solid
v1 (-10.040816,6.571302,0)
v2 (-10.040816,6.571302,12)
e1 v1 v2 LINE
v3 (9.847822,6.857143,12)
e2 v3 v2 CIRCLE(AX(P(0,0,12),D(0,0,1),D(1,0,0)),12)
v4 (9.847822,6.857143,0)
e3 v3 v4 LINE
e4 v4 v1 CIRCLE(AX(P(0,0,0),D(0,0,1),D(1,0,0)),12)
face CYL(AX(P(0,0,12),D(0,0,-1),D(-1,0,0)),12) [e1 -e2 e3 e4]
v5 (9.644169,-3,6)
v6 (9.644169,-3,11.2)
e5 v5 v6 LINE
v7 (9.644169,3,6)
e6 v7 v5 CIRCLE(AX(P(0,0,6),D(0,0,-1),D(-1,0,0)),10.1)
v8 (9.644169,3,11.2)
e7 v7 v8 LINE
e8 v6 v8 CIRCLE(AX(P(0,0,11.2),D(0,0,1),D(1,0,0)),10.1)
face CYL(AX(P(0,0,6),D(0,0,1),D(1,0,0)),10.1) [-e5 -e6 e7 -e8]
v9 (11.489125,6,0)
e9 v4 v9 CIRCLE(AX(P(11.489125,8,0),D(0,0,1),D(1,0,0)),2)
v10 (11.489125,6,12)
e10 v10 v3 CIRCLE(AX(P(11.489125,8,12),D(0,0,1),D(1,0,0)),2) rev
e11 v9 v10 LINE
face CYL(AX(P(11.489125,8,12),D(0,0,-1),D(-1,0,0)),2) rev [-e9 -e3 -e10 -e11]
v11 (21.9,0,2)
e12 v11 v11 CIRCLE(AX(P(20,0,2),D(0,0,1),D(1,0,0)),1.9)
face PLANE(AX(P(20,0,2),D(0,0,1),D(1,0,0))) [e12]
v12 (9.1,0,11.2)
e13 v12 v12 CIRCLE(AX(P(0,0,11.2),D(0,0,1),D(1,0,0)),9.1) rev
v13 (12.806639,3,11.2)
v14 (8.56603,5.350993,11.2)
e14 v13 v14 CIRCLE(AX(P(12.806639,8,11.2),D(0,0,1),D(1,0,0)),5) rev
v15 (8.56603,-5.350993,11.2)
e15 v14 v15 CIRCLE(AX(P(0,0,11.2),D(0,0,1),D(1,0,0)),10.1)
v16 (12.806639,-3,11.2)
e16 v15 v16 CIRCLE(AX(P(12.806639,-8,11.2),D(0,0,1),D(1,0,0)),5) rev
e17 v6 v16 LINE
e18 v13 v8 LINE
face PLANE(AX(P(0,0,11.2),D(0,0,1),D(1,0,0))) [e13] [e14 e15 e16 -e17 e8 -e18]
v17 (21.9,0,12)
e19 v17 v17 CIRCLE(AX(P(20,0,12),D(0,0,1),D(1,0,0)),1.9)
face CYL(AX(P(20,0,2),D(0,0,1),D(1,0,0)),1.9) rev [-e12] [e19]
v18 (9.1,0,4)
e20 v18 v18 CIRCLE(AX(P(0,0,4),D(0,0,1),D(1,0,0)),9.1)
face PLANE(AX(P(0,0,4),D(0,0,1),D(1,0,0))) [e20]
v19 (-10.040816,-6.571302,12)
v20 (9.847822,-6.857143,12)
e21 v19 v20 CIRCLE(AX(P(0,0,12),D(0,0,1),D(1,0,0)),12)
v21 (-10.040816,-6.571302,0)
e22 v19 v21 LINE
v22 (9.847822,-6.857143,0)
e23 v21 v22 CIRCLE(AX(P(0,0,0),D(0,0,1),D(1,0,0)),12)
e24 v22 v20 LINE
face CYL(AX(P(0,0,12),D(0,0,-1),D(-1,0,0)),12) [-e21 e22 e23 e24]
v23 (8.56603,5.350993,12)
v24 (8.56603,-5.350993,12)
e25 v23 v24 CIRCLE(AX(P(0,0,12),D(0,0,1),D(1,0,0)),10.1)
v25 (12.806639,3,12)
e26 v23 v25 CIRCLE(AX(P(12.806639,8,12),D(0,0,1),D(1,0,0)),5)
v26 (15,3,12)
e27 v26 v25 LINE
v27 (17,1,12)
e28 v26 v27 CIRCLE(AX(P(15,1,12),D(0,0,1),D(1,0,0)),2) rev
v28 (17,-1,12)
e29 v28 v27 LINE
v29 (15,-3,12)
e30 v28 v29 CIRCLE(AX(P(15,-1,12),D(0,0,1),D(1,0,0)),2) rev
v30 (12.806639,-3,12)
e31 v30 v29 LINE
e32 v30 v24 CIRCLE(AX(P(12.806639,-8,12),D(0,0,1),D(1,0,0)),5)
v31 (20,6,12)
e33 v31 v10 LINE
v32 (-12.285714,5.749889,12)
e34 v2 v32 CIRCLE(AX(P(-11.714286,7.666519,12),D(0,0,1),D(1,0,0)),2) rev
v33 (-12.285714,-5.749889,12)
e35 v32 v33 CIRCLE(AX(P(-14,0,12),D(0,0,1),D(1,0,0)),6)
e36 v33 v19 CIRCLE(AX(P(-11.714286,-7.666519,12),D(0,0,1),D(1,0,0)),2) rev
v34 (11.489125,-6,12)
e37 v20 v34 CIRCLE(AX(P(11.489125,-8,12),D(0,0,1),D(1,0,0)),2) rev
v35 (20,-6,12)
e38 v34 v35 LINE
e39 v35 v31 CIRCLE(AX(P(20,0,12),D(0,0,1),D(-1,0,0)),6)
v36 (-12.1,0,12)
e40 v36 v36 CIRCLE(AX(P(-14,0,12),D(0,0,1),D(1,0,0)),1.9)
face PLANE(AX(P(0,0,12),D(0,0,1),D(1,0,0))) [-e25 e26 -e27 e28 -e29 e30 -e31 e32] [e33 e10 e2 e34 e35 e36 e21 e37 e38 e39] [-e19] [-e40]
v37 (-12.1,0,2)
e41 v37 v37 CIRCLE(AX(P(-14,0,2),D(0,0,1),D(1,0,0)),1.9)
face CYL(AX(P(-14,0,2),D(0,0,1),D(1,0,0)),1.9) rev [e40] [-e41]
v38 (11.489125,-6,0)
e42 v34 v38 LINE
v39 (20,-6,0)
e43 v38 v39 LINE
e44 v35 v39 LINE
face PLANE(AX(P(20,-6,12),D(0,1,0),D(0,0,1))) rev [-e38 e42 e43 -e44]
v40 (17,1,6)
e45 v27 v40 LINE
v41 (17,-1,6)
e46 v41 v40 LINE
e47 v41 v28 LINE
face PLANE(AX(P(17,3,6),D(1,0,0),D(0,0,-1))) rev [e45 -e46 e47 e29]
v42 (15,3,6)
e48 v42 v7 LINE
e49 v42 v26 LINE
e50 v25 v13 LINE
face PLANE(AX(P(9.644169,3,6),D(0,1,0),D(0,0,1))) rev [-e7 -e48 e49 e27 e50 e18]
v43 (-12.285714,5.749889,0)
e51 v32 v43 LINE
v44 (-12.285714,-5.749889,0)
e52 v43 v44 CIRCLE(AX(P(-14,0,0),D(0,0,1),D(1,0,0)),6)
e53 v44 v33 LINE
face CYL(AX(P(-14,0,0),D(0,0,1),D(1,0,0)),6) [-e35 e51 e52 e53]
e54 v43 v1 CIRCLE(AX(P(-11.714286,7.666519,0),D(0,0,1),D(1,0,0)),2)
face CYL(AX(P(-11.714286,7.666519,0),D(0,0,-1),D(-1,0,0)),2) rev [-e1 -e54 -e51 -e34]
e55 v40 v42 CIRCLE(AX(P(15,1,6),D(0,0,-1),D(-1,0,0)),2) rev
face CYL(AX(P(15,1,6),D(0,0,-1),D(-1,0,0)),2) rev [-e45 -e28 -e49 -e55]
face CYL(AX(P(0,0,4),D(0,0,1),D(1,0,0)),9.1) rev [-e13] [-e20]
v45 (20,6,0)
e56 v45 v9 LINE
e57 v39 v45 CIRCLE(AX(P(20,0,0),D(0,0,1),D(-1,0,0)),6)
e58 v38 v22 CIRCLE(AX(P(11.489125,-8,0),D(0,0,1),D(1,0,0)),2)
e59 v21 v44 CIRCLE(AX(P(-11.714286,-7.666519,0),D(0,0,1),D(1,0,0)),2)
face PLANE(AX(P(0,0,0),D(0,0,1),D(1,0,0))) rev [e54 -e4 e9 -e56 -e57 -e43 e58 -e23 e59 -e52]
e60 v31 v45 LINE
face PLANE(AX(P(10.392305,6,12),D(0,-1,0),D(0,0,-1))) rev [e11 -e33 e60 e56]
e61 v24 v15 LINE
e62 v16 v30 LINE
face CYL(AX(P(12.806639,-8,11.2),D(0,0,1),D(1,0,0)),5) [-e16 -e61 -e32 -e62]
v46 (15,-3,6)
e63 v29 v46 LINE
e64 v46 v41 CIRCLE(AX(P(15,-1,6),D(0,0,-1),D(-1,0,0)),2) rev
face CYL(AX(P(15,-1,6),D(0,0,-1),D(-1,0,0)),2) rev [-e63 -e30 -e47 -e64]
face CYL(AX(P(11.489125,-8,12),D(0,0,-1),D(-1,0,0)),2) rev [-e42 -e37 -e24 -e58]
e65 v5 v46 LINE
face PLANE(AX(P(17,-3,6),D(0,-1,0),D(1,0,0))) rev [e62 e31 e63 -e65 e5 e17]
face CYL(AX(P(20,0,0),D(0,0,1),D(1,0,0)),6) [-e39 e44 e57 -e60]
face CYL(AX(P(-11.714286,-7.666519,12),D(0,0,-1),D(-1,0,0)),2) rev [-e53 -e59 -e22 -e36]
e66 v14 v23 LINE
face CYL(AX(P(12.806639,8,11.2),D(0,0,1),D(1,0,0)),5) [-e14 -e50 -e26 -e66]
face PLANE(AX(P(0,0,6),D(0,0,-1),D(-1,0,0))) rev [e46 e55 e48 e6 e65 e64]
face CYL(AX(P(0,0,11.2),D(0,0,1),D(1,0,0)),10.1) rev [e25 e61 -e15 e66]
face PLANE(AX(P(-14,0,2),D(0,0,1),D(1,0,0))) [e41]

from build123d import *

# Parameters (mm, degrees)
BOSS_EXTRU_1_DEPTH      = 12
ESQUISSE2_R             = 9.1
ENL_V_MAT_EXTRU_3_DEPTH = 8
ENL_V_MAT_EXTRU_4_DEPTH = 6
ENL_V_MAT_EXTRU_5_DEPTH = 0.8
BOSS_EXTRU_2_DEPTH      = 12
ESQUISSE6_R             = 1.9
ENL_V_MAT_EXTRU_6_DEPTH = 10
CONG_1_R                = 5
CONG_2_R                = 2


with BuildPart() as part:
    # Esquisse1 → Boss.-Extru.1 (new body)
    with BuildSketch(Plane.XY):
        with BuildLine():
            Line((10.392304845, 6), (20, 6))
            Line((20, 6), (20, -6))
            Line((20, -6), (10.392304845, -6))
            ThreePointArc((10.392304845, -6), (-12, 0), (10.392304845, 6))
        make_face()
    extrude(amount=BOSS_EXTRU_1_DEPTH)

    # Esquisse2 → Enlèv. mat.-Extru.3 (cut)
    with BuildSketch(Plane.XY.offset(12)):
        Circle(ESQUISSE2_R)
    extrude(amount=-ENL_V_MAT_EXTRU_3_DEPTH, mode=Mode.SUBTRACT)

    # Esquisse3 → Enlèv. mat.-Extru.4 (cut)
    with BuildSketch(Plane.XY.offset(12)):
        with BuildLine():
            Line((9.644169223, 3), (17, 3))
            Line((17, 3), (17, -3))
            Line((17, -3), (9.644169223, -3))
            ThreePointArc((9.644169223, -3), (10.1, 0), (9.644169223, 3))
        make_face()
    extrude(amount=-ENL_V_MAT_EXTRU_4_DEPTH, mode=Mode.SUBTRACT)

    # Esquisse4 → Enlèv. mat.-Extru.5 (cut)
    with BuildSketch(Plane.XY.offset(12)):
        with BuildLine():
            Line((17, -3), (17, 3))
            Line((17, 3), (9.644169223, 3))
            ThreePointArc((9.644169223, 3), (-10.1, 0), (9.644169223, -3))
            Line((9.644169223, -3), (17, -3))
        make_face()
    extrude(amount=-ENL_V_MAT_EXTRU_5_DEPTH, mode=Mode.SUBTRACT)

    # Esquisse5 → Boss.-Extru.2 (add)
    with BuildSketch(Plane.XY.offset(12)):
        with BuildLine():
            Line((20, 6), (20, -6))
            ThreePointArc((20, -6), (26, 0), (20, 6))
        make_face()
        with BuildLine():
            Line((-10.857142857, 5.11101252), (-10.857142857, -5.11101252))
            ThreePointArc((-10.857142857, -5.11101252), (-20, 0), (-10.857142857, 5.11101252))
        make_face()
    extrude(amount=-BOSS_EXTRU_2_DEPTH)

    # Esquisse6 → Enlèv. mat.-Extru.6 (cut)
    with BuildSketch(Plane.XY.offset(12)):
        with Locations((-14, 0)):
            Circle(ESQUISSE6_R)
        with Locations((20, 0)):
            Circle(ESQUISSE6_R)
    extrude(amount=-ENL_V_MAT_EXTRU_6_DEPTH, mode=Mode.SUBTRACT)

    # Congé1
    cong_1_edges = [part.edges().sort_by_distance(p)[0] for p in [
        (9.644169223, 3, 11.6),
        (9.644169223, -3, 11.6),
    ]]
    fillet(cong_1_edges, radius=CONG_1_R)

    # Congé2
    cong_2_edges = [part.edges().sort_by_distance(p)[0] for p in [
        (17, 3, 9),
        (17, -3, 9),
        (-10.857142857, -5.11101252, 6),
        (-10.857142857, 5.11101252, 6),
        (10.392304845, 6, 6),
        (10.392304845, -6, 6),
    ]]
    fillet(cong_2_edges, radius=CONG_2_R)


solid = part.part
